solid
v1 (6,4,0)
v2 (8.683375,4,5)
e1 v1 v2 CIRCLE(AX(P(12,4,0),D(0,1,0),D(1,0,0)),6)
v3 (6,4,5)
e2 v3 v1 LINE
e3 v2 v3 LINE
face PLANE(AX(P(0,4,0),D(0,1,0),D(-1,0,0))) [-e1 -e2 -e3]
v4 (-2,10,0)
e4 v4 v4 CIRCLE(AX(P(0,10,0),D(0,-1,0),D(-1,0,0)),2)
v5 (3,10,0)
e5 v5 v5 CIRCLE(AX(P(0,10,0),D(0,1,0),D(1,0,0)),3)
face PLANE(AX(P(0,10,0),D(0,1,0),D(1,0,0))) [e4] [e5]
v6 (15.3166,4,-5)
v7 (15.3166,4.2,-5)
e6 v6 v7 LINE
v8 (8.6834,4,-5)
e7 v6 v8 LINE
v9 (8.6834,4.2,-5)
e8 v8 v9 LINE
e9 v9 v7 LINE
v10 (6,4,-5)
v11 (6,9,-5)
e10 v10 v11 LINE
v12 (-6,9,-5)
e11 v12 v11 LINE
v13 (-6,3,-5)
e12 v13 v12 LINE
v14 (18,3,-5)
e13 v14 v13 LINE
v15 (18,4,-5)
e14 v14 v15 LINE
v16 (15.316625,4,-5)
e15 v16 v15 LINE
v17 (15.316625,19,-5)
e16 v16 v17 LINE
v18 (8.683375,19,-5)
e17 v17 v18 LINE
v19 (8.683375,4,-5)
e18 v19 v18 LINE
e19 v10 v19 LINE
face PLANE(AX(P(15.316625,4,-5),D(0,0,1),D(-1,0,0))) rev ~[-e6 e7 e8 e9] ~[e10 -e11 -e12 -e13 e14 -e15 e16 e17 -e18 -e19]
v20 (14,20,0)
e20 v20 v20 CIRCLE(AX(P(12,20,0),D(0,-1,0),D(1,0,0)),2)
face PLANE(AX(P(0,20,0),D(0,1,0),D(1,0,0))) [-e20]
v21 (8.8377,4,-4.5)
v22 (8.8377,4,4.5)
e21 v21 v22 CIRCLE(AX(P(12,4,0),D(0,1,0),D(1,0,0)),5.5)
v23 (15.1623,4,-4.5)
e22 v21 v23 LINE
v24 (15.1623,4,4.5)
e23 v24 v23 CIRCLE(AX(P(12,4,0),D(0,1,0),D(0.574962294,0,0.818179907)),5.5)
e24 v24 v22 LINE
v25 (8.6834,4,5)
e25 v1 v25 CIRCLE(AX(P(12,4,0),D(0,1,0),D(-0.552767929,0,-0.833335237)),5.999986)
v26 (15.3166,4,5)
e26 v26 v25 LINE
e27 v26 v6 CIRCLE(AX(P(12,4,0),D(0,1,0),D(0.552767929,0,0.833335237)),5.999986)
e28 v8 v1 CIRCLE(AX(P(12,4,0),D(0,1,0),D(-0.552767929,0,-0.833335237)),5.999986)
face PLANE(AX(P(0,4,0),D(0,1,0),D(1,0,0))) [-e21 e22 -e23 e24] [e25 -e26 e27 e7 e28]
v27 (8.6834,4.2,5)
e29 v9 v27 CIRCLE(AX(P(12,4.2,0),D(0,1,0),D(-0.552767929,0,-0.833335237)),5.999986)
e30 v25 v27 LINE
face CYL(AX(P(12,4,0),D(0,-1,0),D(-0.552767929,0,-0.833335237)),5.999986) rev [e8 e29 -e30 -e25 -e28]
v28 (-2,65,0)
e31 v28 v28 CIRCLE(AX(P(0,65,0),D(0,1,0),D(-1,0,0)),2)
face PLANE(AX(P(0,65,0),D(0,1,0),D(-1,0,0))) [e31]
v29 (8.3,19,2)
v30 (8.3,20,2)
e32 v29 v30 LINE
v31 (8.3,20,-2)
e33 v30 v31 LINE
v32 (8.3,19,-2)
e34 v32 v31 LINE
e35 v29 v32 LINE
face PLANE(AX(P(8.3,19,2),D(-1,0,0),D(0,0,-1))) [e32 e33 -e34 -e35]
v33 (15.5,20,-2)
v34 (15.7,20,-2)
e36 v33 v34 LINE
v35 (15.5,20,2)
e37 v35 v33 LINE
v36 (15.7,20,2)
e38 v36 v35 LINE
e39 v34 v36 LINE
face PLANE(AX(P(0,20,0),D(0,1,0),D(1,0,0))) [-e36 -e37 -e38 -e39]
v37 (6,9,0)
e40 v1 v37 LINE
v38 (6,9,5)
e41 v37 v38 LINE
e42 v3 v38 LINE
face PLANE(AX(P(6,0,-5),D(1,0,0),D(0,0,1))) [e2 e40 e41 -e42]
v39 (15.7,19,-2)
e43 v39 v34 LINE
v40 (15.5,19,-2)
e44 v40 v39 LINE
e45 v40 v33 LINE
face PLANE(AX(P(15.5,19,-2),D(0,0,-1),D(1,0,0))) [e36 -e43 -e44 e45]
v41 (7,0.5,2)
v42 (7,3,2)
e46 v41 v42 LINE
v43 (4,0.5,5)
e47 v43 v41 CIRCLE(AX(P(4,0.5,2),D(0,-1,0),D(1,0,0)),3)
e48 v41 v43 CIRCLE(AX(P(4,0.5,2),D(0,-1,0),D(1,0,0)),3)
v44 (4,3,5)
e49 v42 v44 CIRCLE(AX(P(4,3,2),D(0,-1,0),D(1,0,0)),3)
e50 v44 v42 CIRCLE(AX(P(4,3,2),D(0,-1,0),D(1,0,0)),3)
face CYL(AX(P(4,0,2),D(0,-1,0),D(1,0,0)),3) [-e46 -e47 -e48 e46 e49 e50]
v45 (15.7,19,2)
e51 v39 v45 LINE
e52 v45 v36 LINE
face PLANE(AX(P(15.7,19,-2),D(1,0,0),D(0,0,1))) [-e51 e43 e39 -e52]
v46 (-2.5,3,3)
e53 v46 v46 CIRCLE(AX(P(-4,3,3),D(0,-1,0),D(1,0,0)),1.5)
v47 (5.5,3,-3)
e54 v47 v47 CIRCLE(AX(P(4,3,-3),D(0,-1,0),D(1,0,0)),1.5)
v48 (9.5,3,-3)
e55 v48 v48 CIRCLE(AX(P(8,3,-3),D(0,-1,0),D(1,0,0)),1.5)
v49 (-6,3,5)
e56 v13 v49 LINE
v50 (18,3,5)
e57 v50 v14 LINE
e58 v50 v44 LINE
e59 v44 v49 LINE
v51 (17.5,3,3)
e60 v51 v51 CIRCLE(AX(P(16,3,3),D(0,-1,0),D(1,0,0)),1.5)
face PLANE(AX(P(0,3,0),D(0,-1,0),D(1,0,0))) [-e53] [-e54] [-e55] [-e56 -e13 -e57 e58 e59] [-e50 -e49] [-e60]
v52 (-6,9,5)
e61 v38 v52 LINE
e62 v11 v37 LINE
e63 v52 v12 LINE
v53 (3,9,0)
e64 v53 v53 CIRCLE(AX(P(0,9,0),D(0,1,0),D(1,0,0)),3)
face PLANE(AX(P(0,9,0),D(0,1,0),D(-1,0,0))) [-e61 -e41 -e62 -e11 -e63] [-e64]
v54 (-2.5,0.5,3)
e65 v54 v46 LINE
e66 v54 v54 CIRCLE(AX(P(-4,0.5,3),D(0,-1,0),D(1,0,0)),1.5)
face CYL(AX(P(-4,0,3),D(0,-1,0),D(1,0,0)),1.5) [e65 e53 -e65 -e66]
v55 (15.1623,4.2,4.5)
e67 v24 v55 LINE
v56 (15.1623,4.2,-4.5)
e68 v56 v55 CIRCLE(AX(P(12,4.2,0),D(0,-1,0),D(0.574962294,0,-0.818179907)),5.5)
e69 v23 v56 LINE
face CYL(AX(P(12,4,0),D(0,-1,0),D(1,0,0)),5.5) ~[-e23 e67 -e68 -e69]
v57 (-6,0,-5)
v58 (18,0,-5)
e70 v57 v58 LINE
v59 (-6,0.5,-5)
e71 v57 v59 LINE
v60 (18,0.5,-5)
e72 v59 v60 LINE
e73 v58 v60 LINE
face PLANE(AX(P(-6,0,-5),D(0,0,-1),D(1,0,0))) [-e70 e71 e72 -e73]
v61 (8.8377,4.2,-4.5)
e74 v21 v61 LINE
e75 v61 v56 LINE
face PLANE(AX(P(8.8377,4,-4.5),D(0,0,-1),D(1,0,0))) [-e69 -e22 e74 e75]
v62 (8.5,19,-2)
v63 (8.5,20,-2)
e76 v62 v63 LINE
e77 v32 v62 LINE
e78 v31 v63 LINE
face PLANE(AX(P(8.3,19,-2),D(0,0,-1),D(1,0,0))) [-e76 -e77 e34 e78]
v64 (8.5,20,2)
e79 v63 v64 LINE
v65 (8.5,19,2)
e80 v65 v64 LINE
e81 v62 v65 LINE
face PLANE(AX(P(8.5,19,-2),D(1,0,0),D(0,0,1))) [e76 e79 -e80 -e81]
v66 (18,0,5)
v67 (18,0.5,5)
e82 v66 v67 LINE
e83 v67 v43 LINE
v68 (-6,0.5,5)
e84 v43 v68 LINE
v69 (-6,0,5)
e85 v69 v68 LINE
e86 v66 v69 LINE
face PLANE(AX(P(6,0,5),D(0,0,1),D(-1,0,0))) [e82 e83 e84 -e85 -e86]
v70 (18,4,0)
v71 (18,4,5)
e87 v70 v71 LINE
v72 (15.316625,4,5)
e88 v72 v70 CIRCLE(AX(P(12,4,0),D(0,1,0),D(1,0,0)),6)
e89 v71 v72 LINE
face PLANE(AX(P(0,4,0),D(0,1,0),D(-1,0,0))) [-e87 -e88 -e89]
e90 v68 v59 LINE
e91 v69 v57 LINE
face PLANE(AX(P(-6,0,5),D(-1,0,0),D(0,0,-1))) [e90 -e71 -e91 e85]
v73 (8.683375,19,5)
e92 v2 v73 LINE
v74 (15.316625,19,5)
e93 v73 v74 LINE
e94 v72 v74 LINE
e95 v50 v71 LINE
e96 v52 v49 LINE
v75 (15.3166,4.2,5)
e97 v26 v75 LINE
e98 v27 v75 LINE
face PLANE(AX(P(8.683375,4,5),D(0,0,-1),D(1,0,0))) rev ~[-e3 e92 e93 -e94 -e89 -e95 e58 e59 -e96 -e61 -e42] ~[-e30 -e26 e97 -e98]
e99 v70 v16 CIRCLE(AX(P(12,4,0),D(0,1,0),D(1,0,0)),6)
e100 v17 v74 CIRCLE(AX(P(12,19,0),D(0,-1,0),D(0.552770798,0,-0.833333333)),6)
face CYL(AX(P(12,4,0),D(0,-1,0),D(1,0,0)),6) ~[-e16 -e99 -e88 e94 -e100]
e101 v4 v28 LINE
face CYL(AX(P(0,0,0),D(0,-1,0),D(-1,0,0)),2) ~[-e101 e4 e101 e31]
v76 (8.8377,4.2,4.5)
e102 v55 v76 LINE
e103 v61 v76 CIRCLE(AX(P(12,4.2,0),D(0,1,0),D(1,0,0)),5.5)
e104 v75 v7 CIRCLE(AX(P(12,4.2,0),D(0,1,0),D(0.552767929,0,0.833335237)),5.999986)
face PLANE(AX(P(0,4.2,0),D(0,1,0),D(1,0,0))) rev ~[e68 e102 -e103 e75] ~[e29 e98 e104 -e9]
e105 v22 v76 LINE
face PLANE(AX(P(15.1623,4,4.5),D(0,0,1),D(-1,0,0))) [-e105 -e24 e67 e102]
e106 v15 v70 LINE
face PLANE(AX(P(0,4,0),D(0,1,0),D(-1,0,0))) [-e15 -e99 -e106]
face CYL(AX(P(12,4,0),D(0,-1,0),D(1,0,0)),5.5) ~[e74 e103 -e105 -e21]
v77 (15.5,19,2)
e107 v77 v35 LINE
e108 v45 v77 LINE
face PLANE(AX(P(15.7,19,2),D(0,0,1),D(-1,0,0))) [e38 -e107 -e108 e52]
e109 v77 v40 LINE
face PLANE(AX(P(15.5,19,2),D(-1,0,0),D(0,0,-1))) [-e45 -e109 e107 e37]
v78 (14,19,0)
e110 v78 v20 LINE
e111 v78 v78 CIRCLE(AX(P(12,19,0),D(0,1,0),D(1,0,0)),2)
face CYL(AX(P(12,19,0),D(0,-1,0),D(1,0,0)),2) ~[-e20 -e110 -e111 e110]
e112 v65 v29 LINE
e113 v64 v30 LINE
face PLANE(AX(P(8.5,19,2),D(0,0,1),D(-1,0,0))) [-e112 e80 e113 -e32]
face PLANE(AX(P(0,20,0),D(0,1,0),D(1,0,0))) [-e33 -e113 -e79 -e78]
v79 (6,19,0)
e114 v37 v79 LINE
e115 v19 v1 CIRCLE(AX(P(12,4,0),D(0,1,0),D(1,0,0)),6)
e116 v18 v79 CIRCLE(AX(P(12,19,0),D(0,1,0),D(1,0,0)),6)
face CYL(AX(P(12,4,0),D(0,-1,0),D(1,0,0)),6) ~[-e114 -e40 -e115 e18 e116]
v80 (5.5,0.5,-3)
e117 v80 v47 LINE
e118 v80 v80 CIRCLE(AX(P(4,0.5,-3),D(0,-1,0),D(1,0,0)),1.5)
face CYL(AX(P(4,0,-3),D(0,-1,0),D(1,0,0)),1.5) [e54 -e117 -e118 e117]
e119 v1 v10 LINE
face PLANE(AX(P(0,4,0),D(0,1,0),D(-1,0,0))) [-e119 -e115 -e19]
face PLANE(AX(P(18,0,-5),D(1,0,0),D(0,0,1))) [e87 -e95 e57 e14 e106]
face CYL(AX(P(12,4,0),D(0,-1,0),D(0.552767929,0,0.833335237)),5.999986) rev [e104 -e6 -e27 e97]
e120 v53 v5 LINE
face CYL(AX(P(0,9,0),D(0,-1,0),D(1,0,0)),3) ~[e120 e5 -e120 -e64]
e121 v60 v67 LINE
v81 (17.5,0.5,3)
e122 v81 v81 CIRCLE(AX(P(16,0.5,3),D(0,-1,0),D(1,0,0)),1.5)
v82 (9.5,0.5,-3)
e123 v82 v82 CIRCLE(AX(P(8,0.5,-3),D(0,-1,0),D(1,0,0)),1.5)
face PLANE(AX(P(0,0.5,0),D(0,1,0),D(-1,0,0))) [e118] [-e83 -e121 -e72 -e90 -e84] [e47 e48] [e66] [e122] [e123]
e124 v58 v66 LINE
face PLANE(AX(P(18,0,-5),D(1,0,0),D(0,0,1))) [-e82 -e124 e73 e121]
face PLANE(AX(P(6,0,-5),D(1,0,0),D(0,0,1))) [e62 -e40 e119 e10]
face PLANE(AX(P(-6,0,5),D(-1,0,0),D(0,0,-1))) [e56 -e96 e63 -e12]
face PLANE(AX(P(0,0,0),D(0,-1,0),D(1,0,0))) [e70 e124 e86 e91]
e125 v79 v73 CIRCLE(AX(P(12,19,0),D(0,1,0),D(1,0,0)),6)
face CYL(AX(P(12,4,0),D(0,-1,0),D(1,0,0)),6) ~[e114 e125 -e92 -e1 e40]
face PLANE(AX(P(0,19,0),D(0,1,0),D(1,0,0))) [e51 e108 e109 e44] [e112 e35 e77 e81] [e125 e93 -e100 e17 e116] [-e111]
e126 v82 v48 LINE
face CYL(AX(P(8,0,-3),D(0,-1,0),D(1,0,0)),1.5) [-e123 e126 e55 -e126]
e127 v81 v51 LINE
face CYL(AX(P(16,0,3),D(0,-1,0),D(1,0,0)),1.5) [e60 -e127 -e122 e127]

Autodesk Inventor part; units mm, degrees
ref_plane "YZ Plane" through (0, 0, 0) normal (1, 0, 0) x (0, 1, 0)
ref_plane "XZ Plane" through (0, 0, 0) normal (0, 1, 0) x (-1, 0, 0)
ref_plane "XY Plane" through (0, 0, 0) normal (0, 0, 1) x (1, 0, 0)
sketch "スケッチ2" plane through (0, 0, 0) normal (0, 1, 0) x (-1, 0, 0)
  circle A0 centre (0, 0) radius 2
  line L0 (-6, 5) -> (6, 5)
  line L1 (6, 5) -> (6, -5)
  line L2 (6, -5) -> (-6, -5)
  line L3 (-6, -5) -> (-6, 5)
  line L4 (-6, 5) -> (6, -5) construction
  line L5 (6, 5) -> (-6, -5) construction
  line L6 (-18, 5) -> (-6, 5)
  line L7 (-6, 5) -> (-6, -5)
  line L8 (-6, -5) -> (-18, -5)
  line L9 (-18, -5) -> (-18, 5)
  line L10 (-18, 5) -> (-6, -5) construction
  line L11 (-6, 5) -> (-18, -5) construction
  point P0 (-12, 0)
  dimension "d0" = 4
  dimension "d1" = 12
  dimension "d2" = 10
  dimension "d3" = 12
extrude "押し出し1" add sketch "スケッチ2" along normal blind 4 contours A0 | L0 L1 L2 L3 | L3 L8 L9 L6
extrude "押し出し2" add sketch "スケッチ2" along normal blind 9 contours A0 | L0 L1 L2 L3
extrude "押し出し3" add sketch "スケッチ2" along normal blind 65 contours A0
sketch "スケッチ3" plane through (0, 9, 0) normal (0, 1, 0) x (1, 0, 0)
  circle A0 centre (0, 0) radius 2 projected
  circle A1 centre (0, 0) radius 3
  dimension "d10" = 6
extrude "押し出し4" add sketch "スケッチ3" along normal blind 1 contours A0 | A1
sketch "スケッチ4" plane through (0, 4, 0) normal (0, 1, 0) x (1, 0, 0)
  circle A0 centre (12, 0) radius 6
  line L0 (18, -5) -> (18, 5) projected
  line L1 (6, -5) -> (6, 5) projected
  line L2 (6, 5) -> (6, -5) projected
  line L3 (6, -5) -> (18, -5) projected
  line L4 (18, -5) -> (18, 5) projected
  line L5 (18, 5) -> (6, 5) projected
  point P0 (0, 0)
  point P1 (15.3166, 5)
  point P2 (8.6834, 5)
  point P3 (8.6834, -5)
  point P4 (15.3166, -5)
extrude "押し出し5" add sketch "スケッチ4" along normal blind 15 contours A0 L3 L5
sketch "スケッチ5" plane through (0, 19, 0) normal (0, 1, 0) x (1, 0, 0)
  arc A0 (8.6834, 5) -> (8.6834, -5) centre (12, 0) ccw projected
  circle A1 centre (12, 0) radius 2
  line L0 (8.3, 2) -> (8.5, 2)
  line L1 (8.5, 2) -> (8.5, -2)
  line L2 (8.5, -2) -> (8.3, -2)
  line L3 (8.3, -2) -> (8.3, 2)
  line L4 (15.5, 2) -> (15.7, 2)
  line L5 (15.7, 2) -> (15.7, -2)
  line L6 (15.7, -2) -> (15.5, -2)
  line L7 (15.5, -2) -> (15.5, 2)
  line L8 (15.3166, 5) -> (8.6834, 5) projected
  line L9 (12, 5) -> (12, 0)
  line L10 (-6, -5) -> (18, -5) projected
  point P0 (0, 0)
  point P1 (8.5, 0)
  point P2 (15.5, 0)
  dimension "d15" = 4
  dimension "d16" = 0.2
  dimension "d17" = 3.5
extrude "押し出し6" add sketch "スケッチ5" along normal blind 1
sketch "スケッチ6" plane through (0, 4, 0) normal (0, 1, 0) x (1, 0, 0)
  line L0 (15.5, -2) -> (15.5, 2) projected
  line L1 (15.5, 2) -> (15.7, 2) projected
  line L2 (15.7, 2) -> (15.7, -2) projected
  line L3 (15.7, -2) -> (15.5, -2) projected
  line L4 (8.3, -2) -> (8.3, 2) projected
  line L5 (8.3, 2) -> (8.5, 2) projected
  line L6 (8.5, 2) -> (8.5, -2) projected
  line L7 (8.5, -2) -> (8.3, -2) projected
  circle A0 centre (12, 0) radius 2 projected
  arc A1 (8.6834, 5) -> (8.6834, -5) centre (12, 0) ccw projected
  line L8 (8.6834, -5) -> (15.3166, -5) projected
  arc A2 (15.3166, -5) -> (15.3166, 5) centre (12, 0) ccw projected
  line L9 (15.3166, 5) -> (8.6834, 5) projected
  circle A3 centre (12, 0) radius 5.5
  line L10 (15.1623, -4.5) -> (8.8377, -4.5)
  line L11 (8.8377, -4.5) -> (8.8377, 4.5)
  line L12 (8.8377, 4.5) -> (15.1623, 4.5)
  line L13 (15.1623, 4.5) -> (15.1623, -4.5)
  line L14 (15.1623, -4.5) -> (8.8377, 4.5) construction
  line L15 (8.8377, -4.5) -> (15.1623, 4.5) construction
  point P0 (0, 0)
  dimension "d20" = 11
  dimension "d21" = 9
extrude "押し出し7" cut sketch "スケッチ6" along normal blind 0.2 contours L9 A3 L8 A1 | L9 A3 L12 | A3 L10 L8 | L9 A2 L8 A3
sketch "スケッチ7" plane through (0, 0, 0) normal (0, -1, 0) x (1, 0, 0)
  line L0 (17.5, -4.5) -> (-5.5, -4.5)
  line L1 (-5.5, -4.5) -> (-5.5, 4.5)
  line L2 (-5.5, 4.5) -> (17.5, 4.5)
  line L3 (17.5, 4.5) -> (17.5, -4.5)
  line L4 (6, -5) -> (6, 5) projected
  line L5 (17.5, -4.5) -> (-5.5, 4.5) construction
  line L6 (-5.5, -4.5) -> (17.5, 4.5) construction
  line L7 (-6, -5) -> (-6, 5) projected
  line L8 (18, -5) -> (-6, -5) projected
  circle A0 centre (8, -3) radius 1.5
  circle A1 centre (16, 3) radius 1.5
  circle A2 centre (4, -3) radius 1.5
  circle A3 centre (-4, 3) radius 1.5
  line L9 (5.5, 4.5) -> (6.5, 4.5)
  line L10 (6.5, 4.5) -> (6.5, -4.5)
  line L11 (6.5, -4.5) -> (5.5, -4.5)
  line L12 (5.5, -4.5) -> (5.5, 4.5)
  line L13 (5.5, 4.5) -> (6.5, -4.5) construction
  line L14 (6.5, 4.5) -> (5.5, -4.5) construction
  line L15 (18, -5) -> (-6, -5) projected
  line L16 (18, 5) -> (18, -5) projected
  line L17 (-6, 5) -> (18, 5) projected
  line L18 (-6, -5) -> (-6, 5) projected
  point P0 (0, 0)
  point P1 (6, 0)
  dimension "d24" = 23
  dimension "d25" = 0.5
  dimension "d26" = 0.5
  dimension "d27" = 3
  dimension "d31" = 1
extrude "押し出し8" cut sketch "スケッチ7" against normal blind 3 contours L3 L2 L4 L17 L16 L8 L0 | L0 A0 L10 L2 A1 L3 | L0 L10 A0 | A1 L2 L3 | L0 L4 L2 L10 | L4 L8 L7 L17 L2 L1 L0 | L0 L12 L2 L4 | L0 A2 L12 | L0 L1 A3 L2 L12 A2 | A3 L1 L2
extrude "押し出し9" add sketch "スケッチ2" along normal blind 0.5 contours A0 | L0 L1 L2 L3 | L3 L8 L9 L6
sketch "スケッチ9" plane through (0, 0, 0) normal (0, -1, 0) x (1, 0, 0)
  circle A0 centre (4, -3) radius 1.5 projected
  circle A1 centre (4, -3) radius 1.5 projected
  circle A2 centre (4, 2) radius 3
  line L0 (-6, 5) -> (18, 5) projected
  point P0 (0, 0)
  dimension "d38" = 6
extrude "押し出し10" add sketch "スケッチ9" against normal up to surface (3 mm away) contours A2
equation "\"d26\" = d25"
properties part number "motor_M4_55" material "アルミニウム 6061"
